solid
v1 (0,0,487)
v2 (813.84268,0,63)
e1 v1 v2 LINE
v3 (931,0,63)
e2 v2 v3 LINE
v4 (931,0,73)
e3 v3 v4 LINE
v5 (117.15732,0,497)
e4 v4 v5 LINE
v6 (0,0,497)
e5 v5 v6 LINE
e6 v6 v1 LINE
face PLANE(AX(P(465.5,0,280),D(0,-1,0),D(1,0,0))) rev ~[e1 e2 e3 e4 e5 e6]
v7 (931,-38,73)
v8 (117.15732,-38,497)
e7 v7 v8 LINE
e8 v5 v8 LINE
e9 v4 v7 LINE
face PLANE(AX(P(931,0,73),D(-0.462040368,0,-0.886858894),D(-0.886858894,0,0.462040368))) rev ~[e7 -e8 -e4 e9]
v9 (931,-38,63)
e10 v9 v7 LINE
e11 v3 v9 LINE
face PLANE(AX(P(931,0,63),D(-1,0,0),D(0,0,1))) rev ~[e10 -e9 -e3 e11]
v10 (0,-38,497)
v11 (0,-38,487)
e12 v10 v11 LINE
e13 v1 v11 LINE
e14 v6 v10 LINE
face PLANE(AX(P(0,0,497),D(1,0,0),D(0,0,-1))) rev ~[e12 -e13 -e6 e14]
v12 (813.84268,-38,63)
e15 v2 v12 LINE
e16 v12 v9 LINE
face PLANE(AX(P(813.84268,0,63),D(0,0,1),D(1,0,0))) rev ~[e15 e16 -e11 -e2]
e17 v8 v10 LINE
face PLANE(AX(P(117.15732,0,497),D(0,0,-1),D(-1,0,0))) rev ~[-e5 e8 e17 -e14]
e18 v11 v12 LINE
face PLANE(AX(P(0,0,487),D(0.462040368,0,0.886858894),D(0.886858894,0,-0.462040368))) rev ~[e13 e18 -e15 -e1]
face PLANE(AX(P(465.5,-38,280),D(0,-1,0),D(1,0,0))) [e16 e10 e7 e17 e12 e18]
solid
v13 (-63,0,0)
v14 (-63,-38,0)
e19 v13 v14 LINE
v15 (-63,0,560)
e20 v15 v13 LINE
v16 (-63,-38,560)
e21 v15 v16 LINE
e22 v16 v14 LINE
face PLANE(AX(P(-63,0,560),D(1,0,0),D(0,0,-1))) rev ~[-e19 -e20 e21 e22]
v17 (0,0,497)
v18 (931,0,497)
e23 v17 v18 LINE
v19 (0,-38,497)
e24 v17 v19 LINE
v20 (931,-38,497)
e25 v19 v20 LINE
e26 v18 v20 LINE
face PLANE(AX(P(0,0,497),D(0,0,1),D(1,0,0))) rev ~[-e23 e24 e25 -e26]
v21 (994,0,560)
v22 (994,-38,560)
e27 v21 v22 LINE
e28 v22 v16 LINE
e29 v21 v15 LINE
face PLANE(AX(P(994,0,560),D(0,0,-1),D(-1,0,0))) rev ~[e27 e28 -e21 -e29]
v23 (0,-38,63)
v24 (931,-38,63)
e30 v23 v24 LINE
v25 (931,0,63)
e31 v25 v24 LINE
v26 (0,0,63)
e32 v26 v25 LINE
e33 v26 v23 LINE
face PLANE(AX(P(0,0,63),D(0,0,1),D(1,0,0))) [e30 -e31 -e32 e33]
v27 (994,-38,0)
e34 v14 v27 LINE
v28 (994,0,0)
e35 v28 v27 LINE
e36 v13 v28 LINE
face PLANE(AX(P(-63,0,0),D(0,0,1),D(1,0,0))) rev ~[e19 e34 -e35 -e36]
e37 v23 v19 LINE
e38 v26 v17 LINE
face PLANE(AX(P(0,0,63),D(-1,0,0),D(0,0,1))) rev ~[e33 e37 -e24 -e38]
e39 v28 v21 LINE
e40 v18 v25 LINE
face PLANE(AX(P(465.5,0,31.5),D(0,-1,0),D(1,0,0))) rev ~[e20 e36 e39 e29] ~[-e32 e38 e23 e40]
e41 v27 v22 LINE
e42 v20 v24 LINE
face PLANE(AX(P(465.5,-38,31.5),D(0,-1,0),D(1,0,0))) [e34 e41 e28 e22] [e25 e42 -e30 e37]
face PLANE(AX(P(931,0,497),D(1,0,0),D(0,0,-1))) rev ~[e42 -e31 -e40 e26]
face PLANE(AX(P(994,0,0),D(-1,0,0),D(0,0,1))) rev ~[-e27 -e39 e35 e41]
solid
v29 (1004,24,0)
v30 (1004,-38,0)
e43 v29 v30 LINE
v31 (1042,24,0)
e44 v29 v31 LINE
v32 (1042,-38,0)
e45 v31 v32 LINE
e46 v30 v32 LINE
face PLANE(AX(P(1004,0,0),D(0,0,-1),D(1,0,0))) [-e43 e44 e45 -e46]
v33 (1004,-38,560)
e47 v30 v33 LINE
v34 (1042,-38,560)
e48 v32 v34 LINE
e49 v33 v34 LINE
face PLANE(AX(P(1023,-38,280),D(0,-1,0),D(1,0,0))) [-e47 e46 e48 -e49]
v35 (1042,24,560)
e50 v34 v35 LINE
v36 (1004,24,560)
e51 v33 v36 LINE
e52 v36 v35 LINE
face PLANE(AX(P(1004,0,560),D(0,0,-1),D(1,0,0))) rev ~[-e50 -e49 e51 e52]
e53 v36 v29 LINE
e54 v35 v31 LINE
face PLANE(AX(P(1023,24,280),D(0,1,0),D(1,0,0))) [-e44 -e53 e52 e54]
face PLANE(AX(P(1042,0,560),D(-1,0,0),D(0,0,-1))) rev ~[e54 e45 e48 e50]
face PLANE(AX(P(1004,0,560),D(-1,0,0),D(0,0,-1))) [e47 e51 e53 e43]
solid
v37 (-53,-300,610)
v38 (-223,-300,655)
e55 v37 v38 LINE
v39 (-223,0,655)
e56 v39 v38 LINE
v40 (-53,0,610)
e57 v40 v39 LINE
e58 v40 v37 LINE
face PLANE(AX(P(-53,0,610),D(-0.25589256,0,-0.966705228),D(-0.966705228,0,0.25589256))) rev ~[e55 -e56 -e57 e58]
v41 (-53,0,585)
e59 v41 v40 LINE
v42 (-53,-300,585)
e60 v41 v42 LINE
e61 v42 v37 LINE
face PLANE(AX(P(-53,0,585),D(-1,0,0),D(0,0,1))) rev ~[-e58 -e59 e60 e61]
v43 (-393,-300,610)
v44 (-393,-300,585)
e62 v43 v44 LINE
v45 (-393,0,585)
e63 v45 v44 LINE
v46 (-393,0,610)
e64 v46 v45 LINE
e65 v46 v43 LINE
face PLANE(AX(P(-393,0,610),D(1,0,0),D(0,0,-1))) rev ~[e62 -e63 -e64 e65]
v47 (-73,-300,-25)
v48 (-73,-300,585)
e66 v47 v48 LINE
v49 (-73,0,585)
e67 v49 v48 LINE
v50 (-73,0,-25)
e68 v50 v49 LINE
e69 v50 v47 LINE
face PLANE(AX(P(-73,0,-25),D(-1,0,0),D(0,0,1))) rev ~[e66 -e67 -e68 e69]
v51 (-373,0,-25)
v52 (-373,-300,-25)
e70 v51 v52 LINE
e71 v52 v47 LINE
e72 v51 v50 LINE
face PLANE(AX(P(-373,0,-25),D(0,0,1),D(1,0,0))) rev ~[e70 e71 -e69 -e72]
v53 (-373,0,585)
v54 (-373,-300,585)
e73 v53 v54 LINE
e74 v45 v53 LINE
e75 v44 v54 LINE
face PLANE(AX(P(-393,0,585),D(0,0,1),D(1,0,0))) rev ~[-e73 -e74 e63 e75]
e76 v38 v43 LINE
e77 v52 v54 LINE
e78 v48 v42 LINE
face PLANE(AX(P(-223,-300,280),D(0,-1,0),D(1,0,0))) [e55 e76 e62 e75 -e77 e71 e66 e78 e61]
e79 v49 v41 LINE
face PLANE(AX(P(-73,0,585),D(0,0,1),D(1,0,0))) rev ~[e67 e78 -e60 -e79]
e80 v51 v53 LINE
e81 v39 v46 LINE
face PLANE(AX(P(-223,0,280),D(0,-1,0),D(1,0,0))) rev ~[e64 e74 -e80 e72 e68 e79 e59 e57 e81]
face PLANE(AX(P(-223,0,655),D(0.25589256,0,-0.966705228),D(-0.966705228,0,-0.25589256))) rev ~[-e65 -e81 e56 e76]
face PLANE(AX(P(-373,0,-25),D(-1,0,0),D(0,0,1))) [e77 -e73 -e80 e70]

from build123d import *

# Parameters (mm, degrees)
F0_W      = 931
F0_H      = 63
F0_W_2    = 38
F0_H_2    = 560
F1_DEPTH  = 38
F1_FACE_W = 38
F1_FACE_H = 560
F2_DEPTH  = 24
F4_DEPTH  = 38
F5_W      = 300
F5_H      = 610
F6_DEPTH  = 300


with BuildPart() as f1:
    # F0 (on Front) → F1 (new body)
    with BuildSketch(Plane.XZ):
        with Locations((465.5, 31.5)):
            Rectangle(F0_W, F0_H)
        Polygon((-63, 0), (0, 0), (0, 63), (0, 497), (0, 560), (-63, 560), align=None)
        Polygon((931, 63), (931, 0), (994, 0), (994, 560), (931, 560), (931, 497), align=None)
        with Locations((465.5, 528.5)):
            Rectangle(F0_W, F0_H)
        with Locations((1023, 280)):
            Rectangle(F0_W_2, F0_H_2)
    extrude(amount=F1_DEPTH)

    # F1_face (on face) → F2 (join)
    with BuildSketch(Plane(origin=(1023, 0, 280), x_dir=(1, 0, 0), z_dir=(0, 1, 0))):
        Rectangle(F1_FACE_W, F1_FACE_H)
    extrude(amount=F2_DEPTH)


with BuildPart() as f4:
    # F3 (on Front) → F4 (new body)
    with BuildSketch(Plane.XZ):
        Polygon((931, 73), (117.15732, 497), (0, 497), (0, 487), (813.84268, 63), (931, 63), align=None)
    extrude(amount=F4_DEPTH)


with BuildPart() as f6:
    # F5 (on Front) → F6 (new body)
    with BuildSketch(Plane.XZ):
        with Locations((-223, 280)):
            Rectangle(F5_W, F5_H)
        Polygon((-373, 585), (-73, 585), (-53, 585), (-53, 610), (-223, 655), (-393, 610), (-393, 585), align=None)
    extrude(amount=F6_DEPTH)


solid = Compound([f1.part, f4.part, f6.part])
